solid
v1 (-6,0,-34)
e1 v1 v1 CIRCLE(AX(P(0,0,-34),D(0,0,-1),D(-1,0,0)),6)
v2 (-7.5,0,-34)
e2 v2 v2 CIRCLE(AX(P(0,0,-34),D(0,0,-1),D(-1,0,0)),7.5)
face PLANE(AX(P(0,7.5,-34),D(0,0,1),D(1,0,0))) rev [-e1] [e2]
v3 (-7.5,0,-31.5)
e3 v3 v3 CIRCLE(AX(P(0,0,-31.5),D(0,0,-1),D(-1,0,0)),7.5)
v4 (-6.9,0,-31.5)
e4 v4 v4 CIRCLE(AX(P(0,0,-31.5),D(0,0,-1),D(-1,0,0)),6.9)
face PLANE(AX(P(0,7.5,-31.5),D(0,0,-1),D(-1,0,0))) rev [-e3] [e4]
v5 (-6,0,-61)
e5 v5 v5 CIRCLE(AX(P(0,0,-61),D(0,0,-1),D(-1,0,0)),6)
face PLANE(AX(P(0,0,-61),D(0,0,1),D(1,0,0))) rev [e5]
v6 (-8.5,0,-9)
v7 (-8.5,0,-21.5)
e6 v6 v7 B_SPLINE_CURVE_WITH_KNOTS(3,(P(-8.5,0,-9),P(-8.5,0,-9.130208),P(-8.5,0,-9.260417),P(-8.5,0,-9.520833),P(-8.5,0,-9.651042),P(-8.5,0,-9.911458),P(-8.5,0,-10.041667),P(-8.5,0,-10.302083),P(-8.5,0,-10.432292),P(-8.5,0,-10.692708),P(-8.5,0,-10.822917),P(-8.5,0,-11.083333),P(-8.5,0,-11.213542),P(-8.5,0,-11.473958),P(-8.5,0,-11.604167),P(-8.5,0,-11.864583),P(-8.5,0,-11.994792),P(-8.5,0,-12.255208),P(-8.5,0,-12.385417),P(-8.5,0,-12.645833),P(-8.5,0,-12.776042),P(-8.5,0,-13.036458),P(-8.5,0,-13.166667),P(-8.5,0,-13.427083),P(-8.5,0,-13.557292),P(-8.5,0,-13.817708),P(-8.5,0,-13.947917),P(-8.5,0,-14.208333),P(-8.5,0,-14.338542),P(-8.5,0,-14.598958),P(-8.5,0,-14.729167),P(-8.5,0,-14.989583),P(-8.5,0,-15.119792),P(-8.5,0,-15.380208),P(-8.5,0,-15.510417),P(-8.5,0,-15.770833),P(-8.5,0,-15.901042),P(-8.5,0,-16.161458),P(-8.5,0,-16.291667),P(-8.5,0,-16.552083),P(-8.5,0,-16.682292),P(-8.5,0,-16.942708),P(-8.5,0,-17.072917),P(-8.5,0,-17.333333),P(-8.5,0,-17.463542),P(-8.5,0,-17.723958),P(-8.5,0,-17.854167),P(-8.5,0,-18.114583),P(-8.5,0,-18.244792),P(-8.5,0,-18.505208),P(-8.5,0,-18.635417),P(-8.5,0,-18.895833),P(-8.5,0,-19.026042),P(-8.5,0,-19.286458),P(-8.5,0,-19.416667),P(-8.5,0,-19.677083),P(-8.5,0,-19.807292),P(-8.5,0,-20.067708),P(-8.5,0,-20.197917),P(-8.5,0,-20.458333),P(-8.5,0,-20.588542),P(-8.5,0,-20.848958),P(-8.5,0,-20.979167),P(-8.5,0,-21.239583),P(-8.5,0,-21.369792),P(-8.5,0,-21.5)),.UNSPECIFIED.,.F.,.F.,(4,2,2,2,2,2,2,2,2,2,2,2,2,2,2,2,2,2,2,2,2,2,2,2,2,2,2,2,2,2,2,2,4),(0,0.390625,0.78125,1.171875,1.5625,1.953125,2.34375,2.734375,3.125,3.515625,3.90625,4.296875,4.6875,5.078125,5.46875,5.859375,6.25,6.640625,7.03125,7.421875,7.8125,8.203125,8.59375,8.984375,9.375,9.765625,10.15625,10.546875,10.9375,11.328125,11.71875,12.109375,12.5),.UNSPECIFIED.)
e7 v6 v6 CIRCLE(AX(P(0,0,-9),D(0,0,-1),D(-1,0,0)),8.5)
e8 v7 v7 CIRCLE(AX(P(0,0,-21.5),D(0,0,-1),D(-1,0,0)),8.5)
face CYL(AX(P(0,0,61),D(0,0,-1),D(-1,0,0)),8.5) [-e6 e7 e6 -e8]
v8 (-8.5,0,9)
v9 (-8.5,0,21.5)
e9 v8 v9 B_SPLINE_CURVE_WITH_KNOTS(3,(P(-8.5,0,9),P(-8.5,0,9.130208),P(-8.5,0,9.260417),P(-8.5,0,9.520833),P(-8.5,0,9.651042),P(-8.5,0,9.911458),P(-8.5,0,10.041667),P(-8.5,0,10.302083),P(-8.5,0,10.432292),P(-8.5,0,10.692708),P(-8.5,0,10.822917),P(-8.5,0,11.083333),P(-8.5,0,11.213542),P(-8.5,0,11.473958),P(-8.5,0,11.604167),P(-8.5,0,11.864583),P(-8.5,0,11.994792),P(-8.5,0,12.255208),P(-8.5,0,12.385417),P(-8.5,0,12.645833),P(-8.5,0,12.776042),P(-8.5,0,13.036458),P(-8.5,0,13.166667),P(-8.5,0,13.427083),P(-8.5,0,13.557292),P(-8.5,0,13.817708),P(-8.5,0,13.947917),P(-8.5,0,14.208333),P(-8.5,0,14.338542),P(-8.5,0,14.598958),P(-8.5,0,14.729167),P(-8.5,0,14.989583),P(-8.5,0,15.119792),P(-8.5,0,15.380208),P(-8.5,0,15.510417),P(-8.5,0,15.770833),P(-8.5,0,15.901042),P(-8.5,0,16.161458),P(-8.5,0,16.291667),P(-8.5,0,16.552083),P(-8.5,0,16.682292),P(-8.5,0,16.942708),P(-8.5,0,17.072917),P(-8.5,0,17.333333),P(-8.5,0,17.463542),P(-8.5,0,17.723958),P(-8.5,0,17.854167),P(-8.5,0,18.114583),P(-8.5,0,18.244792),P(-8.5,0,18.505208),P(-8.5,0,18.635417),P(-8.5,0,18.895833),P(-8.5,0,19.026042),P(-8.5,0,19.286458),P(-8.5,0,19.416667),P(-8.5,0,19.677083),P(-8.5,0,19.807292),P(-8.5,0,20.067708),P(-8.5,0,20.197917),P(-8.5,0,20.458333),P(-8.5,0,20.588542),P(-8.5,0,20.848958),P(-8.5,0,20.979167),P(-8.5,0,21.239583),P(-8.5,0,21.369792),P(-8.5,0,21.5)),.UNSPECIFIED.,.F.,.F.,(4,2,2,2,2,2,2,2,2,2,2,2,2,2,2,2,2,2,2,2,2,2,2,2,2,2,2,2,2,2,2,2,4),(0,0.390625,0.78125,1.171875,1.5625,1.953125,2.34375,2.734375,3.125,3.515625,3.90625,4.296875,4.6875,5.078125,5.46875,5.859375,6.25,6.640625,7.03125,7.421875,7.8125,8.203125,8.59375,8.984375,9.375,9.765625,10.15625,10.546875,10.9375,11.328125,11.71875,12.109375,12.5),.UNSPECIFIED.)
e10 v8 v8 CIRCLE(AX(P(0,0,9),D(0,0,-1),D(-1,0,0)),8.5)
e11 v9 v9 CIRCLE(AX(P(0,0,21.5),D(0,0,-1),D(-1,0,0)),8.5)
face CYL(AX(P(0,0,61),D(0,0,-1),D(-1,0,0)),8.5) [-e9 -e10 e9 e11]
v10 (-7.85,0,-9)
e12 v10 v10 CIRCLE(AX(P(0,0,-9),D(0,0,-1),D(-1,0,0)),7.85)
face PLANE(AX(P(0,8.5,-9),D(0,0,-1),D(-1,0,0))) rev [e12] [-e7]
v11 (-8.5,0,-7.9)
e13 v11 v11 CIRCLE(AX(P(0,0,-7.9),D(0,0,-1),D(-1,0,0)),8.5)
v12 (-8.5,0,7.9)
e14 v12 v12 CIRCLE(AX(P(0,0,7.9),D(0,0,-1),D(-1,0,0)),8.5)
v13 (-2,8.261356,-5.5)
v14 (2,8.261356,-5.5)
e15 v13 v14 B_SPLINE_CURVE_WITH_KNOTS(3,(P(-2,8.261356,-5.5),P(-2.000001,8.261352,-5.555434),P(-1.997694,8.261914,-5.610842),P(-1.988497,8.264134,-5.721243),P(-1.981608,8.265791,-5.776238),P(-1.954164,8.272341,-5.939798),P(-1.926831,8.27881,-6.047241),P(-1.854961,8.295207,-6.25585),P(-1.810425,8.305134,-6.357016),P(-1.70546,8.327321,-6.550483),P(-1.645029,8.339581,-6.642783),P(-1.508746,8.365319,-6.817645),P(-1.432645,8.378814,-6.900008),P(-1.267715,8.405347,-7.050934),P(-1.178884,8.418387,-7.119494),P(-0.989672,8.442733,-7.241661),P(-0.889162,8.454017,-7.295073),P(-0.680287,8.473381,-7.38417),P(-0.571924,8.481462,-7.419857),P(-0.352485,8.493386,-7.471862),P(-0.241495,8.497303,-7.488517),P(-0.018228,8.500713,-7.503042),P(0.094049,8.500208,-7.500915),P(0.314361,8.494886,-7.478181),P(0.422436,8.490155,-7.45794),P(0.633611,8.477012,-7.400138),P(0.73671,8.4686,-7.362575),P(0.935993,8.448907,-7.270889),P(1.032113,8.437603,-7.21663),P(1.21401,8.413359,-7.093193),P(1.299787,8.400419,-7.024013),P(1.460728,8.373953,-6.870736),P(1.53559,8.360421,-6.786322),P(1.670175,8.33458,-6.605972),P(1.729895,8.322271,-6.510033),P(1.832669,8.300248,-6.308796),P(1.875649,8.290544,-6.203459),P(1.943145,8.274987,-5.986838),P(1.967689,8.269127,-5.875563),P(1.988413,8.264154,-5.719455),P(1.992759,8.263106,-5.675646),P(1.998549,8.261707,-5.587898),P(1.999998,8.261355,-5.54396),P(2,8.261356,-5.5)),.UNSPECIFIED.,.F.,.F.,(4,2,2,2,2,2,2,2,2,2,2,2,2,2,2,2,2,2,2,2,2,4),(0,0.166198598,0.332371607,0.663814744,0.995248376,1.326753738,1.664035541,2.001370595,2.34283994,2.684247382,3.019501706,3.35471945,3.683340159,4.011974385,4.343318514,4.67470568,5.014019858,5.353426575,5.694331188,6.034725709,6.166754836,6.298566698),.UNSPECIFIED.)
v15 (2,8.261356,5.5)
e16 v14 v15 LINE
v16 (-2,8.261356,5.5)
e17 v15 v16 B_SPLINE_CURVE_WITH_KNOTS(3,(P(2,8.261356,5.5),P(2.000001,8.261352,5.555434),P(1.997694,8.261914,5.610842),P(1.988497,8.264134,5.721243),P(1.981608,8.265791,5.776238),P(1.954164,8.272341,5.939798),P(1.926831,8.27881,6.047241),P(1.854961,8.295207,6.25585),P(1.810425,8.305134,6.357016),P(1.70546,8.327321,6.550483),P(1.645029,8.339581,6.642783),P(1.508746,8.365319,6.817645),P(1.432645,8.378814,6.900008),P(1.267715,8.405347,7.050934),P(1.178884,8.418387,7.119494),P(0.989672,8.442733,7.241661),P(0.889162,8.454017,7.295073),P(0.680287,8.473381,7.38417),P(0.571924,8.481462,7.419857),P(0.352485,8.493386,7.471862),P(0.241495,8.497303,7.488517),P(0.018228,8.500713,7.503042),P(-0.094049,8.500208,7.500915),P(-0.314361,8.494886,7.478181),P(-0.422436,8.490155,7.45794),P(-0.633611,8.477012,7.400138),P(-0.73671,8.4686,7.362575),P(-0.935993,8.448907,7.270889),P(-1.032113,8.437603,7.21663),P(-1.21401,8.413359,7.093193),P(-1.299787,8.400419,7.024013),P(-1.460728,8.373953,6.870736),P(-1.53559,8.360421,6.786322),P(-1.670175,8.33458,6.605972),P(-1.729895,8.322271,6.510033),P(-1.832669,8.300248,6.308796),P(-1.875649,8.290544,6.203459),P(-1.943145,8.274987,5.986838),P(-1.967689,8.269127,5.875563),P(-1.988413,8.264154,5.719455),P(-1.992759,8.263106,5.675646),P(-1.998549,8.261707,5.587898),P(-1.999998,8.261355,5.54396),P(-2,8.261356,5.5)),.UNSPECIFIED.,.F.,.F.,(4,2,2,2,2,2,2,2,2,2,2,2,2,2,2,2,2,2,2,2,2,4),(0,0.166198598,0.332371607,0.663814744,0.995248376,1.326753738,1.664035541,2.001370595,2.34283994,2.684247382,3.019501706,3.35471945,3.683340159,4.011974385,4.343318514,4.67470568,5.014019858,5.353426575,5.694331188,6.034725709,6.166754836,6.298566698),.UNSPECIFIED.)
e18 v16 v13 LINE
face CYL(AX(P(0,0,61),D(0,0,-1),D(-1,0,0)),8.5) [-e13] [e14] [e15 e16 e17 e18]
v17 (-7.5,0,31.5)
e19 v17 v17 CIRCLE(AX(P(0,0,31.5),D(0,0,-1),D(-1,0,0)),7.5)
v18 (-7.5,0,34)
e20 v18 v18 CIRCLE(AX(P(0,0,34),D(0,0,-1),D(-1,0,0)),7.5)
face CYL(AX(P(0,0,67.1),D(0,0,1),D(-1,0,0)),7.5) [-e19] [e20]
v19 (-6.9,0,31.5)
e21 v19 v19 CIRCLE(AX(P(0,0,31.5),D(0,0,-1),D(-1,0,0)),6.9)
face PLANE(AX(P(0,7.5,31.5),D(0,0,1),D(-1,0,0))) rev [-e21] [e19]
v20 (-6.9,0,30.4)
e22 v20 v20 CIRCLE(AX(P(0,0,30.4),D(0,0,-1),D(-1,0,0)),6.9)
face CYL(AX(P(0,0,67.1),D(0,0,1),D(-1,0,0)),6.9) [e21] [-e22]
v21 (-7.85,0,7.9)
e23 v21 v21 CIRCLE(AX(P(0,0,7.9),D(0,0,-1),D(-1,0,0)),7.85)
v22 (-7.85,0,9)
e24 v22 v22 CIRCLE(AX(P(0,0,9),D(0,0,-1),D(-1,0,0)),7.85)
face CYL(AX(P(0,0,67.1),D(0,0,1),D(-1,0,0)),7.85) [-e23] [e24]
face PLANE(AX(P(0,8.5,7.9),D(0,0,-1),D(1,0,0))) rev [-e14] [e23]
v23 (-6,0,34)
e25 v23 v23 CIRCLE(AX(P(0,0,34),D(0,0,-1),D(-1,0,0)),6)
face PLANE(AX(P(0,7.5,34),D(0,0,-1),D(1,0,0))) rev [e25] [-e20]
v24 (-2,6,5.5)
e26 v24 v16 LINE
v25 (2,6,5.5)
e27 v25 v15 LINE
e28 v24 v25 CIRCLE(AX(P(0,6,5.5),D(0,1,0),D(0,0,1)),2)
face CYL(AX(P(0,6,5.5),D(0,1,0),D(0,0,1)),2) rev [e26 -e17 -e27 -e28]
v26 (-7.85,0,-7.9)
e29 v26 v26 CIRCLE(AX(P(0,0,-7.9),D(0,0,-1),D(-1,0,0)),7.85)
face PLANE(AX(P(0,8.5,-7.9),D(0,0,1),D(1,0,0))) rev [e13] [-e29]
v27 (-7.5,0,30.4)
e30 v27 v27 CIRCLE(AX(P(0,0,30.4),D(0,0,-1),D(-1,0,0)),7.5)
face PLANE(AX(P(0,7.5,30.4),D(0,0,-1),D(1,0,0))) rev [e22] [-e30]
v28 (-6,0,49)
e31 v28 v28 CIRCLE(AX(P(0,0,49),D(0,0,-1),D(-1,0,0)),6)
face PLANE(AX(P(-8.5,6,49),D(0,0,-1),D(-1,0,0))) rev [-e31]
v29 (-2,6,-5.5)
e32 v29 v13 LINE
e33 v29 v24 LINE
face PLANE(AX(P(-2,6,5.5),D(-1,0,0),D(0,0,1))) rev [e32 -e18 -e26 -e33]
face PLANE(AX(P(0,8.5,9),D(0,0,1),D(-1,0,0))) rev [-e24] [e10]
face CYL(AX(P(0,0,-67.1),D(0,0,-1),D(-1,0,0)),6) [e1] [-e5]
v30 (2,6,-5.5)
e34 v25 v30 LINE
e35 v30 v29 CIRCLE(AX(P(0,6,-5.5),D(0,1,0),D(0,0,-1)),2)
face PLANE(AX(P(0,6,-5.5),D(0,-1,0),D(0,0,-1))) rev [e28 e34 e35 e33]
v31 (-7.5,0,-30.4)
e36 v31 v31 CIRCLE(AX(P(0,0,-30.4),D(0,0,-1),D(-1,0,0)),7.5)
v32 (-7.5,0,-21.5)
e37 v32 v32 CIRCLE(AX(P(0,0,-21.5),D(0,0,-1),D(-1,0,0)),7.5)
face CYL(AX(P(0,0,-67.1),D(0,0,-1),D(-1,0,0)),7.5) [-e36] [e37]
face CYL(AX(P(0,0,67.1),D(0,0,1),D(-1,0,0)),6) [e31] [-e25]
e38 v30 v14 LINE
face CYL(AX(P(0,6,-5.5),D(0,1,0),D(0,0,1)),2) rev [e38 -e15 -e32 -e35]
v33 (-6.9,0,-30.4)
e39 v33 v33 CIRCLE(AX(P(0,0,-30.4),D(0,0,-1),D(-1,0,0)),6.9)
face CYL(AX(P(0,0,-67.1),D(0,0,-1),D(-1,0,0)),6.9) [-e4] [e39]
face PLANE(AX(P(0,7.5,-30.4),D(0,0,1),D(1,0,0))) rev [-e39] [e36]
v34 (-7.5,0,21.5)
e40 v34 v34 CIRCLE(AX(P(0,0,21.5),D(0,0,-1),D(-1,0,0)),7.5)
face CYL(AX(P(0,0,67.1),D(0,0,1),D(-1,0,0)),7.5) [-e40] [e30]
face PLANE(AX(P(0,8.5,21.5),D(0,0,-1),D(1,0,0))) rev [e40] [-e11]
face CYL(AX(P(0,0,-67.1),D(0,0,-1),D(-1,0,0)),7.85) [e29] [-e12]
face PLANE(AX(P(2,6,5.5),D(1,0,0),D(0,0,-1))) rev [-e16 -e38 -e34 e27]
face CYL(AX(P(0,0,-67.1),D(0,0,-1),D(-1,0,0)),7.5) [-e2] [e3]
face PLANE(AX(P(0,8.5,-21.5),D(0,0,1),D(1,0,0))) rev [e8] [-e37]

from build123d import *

# Parameters (mm, degrees)
SKETCH1_R               = 8.5
BOSS_EXTRUDE1_DEPTH     = 61
SKETCH2_W               = 39.5
SKETCH2_H               = 1
SKETCH3_W               = 27
SKETCH3_H               = 1.5
SKETCH4_W               = 1.1
SKETCH4_H               = 0.6
SKETCH5_W               = 1.1
SKETCH5_H               = 0.65
CUT_EXTRUDE1_DEPTH      = 63.173145328
CUT_EXTRUDE1_DEPTH_BACK = 63.173145328
SKETCH6_W               = 12
SKETCH6_H               = 12
CUT_EXTRUDE2_DEPTH      = 2.5


with BuildPart() as part:
    # Sketch1 → Boss-Extrude1 (new, symmetric)
    with BuildSketch(Plane.XY):
        with Locations(Location((0, 0, 0), (0, 0, 180))):
            Circle(SKETCH1_R)
    extrude(amount=BOSS_EXTRUDE1_DEPTH, both=True)

    # Sketch2 → Cut-Revolve1 (revolve, cut)
    with BuildSketch(Plane(origin=(0, 0, 0), x_dir=(0, 0, -1), z_dir=(1, 0, 0)), mode=Mode.PRIVATE) as cut_revolve1_sk:
        with Locations((41.25, 8)):
            Rectangle(SKETCH2_W, SKETCH2_H)
    cut_revolve1 = revolve(cut_revolve1_sk.sketch.rotate(Axis((0, 0, -67.1), (0, 0, 1)), 90), axis=Axis((0, 0, -67.1), (0, 0, 1)), mode=Mode.SUBTRACT)

    # Mirror1: Cut-Revolve1 across plane
    add(cut_revolve1.mirror(Plane.XY), mode=Mode.SUBTRACT)

    # Sketch3 → Cut-Revolve2 (revolve, cut)
    with BuildSketch(Plane(origin=(0, 0, 0), x_dir=(0, 0, -1), z_dir=(1, 0, 0)), mode=Mode.PRIVATE) as cut_revolve2_sk:
        with Locations((47.5, 6.75)):
            Rectangle(SKETCH3_W, SKETCH3_H)
    cut_revolve2 = revolve(cut_revolve2_sk.sketch.rotate(Axis((0, 0, -67.1), (0, 0, 1)), 90), axis=Axis((0, 0, -67.1), (0, 0, 1)), mode=Mode.SUBTRACT)

    # Mirror2: Cut-Revolve2 across plane
    add(cut_revolve2.mirror(Plane.XY), mode=Mode.SUBTRACT)

    # Sketch4 → Cut-Revolve3 (revolve, cut)
    with BuildSketch(Plane(origin=(0, 0, 0), x_dir=(0, 0, -1), z_dir=(1, 0, 0)), mode=Mode.PRIVATE) as cut_revolve3_sk:
        with Locations((30.95, 7.2)):
            Rectangle(SKETCH4_W, SKETCH4_H)
    cut_revolve3 = revolve(cut_revolve3_sk.sketch.rotate(Axis((0, 0, -67.1), (0, 0, 1)), 90), axis=Axis((0, 0, -67.1), (0, 0, 1)), mode=Mode.SUBTRACT)

    # Mirror3: Cut-Revolve3 across plane
    add(cut_revolve3.mirror(Plane.XY), mode=Mode.SUBTRACT)

    # Sketch5 → Cut-Revolve4 (revolve, cut)
    with BuildSketch(Plane(origin=(0, 0, 0), x_dir=(0, 0, -1), z_dir=(1, 0, 0)), mode=Mode.PRIVATE) as cut_revolve4_sk:
        with Locations((8.45, 8.175)):
            Rectangle(SKETCH5_W, SKETCH5_H)
    cut_revolve4 = revolve(cut_revolve4_sk.sketch.rotate(Axis((0, 0, -67.1), (0, 0, 1)), 90), axis=Axis((0, 0, -67.1), (0, 0, 1)), mode=Mode.SUBTRACT)

    # Mirror4: Cut-Revolve4 across plane
    add(cut_revolve4.mirror(Plane.XY), mode=Mode.SUBTRACT)

    # Sketch6 → Cut-Extrude1 (cut, two sides: drawn at the far end of the back side and taken through both)
    with BuildSketch(Plane(origin=(0, 0, 0), x_dir=(0, 0, -1), z_dir=(1, 0, 0)).offset(-CUT_EXTRUDE1_DEPTH_BACK)):
        with Locations((-55, 0)):
            Rectangle(SKETCH6_W, SKETCH6_H)
    extrude(amount=CUT_EXTRUDE1_DEPTH + CUT_EXTRUDE1_DEPTH_BACK, mode=Mode.SUBTRACT)

    # Sketch8 → Cut-Extrude2 (cut)
    with BuildSketch(Plane(origin=(0, 8.5, 0), x_dir=(1, 0, 0), z_dir=(0, 1, 0))):
        with BuildLine():
            Line((-2, -5.5), (-2, 5.5))
            ThreePointArc((-2, 5.5), (0, 7.5), (2, 5.5))
            Line((2, 5.5), (2, -5.5))
            ThreePointArc((2, -5.5), (0, -7.5), (-2, -5.5))
        make_face()
    extrude(amount=-CUT_EXTRUDE2_DEPTH, mode=Mode.SUBTRACT)


solid = part.part
